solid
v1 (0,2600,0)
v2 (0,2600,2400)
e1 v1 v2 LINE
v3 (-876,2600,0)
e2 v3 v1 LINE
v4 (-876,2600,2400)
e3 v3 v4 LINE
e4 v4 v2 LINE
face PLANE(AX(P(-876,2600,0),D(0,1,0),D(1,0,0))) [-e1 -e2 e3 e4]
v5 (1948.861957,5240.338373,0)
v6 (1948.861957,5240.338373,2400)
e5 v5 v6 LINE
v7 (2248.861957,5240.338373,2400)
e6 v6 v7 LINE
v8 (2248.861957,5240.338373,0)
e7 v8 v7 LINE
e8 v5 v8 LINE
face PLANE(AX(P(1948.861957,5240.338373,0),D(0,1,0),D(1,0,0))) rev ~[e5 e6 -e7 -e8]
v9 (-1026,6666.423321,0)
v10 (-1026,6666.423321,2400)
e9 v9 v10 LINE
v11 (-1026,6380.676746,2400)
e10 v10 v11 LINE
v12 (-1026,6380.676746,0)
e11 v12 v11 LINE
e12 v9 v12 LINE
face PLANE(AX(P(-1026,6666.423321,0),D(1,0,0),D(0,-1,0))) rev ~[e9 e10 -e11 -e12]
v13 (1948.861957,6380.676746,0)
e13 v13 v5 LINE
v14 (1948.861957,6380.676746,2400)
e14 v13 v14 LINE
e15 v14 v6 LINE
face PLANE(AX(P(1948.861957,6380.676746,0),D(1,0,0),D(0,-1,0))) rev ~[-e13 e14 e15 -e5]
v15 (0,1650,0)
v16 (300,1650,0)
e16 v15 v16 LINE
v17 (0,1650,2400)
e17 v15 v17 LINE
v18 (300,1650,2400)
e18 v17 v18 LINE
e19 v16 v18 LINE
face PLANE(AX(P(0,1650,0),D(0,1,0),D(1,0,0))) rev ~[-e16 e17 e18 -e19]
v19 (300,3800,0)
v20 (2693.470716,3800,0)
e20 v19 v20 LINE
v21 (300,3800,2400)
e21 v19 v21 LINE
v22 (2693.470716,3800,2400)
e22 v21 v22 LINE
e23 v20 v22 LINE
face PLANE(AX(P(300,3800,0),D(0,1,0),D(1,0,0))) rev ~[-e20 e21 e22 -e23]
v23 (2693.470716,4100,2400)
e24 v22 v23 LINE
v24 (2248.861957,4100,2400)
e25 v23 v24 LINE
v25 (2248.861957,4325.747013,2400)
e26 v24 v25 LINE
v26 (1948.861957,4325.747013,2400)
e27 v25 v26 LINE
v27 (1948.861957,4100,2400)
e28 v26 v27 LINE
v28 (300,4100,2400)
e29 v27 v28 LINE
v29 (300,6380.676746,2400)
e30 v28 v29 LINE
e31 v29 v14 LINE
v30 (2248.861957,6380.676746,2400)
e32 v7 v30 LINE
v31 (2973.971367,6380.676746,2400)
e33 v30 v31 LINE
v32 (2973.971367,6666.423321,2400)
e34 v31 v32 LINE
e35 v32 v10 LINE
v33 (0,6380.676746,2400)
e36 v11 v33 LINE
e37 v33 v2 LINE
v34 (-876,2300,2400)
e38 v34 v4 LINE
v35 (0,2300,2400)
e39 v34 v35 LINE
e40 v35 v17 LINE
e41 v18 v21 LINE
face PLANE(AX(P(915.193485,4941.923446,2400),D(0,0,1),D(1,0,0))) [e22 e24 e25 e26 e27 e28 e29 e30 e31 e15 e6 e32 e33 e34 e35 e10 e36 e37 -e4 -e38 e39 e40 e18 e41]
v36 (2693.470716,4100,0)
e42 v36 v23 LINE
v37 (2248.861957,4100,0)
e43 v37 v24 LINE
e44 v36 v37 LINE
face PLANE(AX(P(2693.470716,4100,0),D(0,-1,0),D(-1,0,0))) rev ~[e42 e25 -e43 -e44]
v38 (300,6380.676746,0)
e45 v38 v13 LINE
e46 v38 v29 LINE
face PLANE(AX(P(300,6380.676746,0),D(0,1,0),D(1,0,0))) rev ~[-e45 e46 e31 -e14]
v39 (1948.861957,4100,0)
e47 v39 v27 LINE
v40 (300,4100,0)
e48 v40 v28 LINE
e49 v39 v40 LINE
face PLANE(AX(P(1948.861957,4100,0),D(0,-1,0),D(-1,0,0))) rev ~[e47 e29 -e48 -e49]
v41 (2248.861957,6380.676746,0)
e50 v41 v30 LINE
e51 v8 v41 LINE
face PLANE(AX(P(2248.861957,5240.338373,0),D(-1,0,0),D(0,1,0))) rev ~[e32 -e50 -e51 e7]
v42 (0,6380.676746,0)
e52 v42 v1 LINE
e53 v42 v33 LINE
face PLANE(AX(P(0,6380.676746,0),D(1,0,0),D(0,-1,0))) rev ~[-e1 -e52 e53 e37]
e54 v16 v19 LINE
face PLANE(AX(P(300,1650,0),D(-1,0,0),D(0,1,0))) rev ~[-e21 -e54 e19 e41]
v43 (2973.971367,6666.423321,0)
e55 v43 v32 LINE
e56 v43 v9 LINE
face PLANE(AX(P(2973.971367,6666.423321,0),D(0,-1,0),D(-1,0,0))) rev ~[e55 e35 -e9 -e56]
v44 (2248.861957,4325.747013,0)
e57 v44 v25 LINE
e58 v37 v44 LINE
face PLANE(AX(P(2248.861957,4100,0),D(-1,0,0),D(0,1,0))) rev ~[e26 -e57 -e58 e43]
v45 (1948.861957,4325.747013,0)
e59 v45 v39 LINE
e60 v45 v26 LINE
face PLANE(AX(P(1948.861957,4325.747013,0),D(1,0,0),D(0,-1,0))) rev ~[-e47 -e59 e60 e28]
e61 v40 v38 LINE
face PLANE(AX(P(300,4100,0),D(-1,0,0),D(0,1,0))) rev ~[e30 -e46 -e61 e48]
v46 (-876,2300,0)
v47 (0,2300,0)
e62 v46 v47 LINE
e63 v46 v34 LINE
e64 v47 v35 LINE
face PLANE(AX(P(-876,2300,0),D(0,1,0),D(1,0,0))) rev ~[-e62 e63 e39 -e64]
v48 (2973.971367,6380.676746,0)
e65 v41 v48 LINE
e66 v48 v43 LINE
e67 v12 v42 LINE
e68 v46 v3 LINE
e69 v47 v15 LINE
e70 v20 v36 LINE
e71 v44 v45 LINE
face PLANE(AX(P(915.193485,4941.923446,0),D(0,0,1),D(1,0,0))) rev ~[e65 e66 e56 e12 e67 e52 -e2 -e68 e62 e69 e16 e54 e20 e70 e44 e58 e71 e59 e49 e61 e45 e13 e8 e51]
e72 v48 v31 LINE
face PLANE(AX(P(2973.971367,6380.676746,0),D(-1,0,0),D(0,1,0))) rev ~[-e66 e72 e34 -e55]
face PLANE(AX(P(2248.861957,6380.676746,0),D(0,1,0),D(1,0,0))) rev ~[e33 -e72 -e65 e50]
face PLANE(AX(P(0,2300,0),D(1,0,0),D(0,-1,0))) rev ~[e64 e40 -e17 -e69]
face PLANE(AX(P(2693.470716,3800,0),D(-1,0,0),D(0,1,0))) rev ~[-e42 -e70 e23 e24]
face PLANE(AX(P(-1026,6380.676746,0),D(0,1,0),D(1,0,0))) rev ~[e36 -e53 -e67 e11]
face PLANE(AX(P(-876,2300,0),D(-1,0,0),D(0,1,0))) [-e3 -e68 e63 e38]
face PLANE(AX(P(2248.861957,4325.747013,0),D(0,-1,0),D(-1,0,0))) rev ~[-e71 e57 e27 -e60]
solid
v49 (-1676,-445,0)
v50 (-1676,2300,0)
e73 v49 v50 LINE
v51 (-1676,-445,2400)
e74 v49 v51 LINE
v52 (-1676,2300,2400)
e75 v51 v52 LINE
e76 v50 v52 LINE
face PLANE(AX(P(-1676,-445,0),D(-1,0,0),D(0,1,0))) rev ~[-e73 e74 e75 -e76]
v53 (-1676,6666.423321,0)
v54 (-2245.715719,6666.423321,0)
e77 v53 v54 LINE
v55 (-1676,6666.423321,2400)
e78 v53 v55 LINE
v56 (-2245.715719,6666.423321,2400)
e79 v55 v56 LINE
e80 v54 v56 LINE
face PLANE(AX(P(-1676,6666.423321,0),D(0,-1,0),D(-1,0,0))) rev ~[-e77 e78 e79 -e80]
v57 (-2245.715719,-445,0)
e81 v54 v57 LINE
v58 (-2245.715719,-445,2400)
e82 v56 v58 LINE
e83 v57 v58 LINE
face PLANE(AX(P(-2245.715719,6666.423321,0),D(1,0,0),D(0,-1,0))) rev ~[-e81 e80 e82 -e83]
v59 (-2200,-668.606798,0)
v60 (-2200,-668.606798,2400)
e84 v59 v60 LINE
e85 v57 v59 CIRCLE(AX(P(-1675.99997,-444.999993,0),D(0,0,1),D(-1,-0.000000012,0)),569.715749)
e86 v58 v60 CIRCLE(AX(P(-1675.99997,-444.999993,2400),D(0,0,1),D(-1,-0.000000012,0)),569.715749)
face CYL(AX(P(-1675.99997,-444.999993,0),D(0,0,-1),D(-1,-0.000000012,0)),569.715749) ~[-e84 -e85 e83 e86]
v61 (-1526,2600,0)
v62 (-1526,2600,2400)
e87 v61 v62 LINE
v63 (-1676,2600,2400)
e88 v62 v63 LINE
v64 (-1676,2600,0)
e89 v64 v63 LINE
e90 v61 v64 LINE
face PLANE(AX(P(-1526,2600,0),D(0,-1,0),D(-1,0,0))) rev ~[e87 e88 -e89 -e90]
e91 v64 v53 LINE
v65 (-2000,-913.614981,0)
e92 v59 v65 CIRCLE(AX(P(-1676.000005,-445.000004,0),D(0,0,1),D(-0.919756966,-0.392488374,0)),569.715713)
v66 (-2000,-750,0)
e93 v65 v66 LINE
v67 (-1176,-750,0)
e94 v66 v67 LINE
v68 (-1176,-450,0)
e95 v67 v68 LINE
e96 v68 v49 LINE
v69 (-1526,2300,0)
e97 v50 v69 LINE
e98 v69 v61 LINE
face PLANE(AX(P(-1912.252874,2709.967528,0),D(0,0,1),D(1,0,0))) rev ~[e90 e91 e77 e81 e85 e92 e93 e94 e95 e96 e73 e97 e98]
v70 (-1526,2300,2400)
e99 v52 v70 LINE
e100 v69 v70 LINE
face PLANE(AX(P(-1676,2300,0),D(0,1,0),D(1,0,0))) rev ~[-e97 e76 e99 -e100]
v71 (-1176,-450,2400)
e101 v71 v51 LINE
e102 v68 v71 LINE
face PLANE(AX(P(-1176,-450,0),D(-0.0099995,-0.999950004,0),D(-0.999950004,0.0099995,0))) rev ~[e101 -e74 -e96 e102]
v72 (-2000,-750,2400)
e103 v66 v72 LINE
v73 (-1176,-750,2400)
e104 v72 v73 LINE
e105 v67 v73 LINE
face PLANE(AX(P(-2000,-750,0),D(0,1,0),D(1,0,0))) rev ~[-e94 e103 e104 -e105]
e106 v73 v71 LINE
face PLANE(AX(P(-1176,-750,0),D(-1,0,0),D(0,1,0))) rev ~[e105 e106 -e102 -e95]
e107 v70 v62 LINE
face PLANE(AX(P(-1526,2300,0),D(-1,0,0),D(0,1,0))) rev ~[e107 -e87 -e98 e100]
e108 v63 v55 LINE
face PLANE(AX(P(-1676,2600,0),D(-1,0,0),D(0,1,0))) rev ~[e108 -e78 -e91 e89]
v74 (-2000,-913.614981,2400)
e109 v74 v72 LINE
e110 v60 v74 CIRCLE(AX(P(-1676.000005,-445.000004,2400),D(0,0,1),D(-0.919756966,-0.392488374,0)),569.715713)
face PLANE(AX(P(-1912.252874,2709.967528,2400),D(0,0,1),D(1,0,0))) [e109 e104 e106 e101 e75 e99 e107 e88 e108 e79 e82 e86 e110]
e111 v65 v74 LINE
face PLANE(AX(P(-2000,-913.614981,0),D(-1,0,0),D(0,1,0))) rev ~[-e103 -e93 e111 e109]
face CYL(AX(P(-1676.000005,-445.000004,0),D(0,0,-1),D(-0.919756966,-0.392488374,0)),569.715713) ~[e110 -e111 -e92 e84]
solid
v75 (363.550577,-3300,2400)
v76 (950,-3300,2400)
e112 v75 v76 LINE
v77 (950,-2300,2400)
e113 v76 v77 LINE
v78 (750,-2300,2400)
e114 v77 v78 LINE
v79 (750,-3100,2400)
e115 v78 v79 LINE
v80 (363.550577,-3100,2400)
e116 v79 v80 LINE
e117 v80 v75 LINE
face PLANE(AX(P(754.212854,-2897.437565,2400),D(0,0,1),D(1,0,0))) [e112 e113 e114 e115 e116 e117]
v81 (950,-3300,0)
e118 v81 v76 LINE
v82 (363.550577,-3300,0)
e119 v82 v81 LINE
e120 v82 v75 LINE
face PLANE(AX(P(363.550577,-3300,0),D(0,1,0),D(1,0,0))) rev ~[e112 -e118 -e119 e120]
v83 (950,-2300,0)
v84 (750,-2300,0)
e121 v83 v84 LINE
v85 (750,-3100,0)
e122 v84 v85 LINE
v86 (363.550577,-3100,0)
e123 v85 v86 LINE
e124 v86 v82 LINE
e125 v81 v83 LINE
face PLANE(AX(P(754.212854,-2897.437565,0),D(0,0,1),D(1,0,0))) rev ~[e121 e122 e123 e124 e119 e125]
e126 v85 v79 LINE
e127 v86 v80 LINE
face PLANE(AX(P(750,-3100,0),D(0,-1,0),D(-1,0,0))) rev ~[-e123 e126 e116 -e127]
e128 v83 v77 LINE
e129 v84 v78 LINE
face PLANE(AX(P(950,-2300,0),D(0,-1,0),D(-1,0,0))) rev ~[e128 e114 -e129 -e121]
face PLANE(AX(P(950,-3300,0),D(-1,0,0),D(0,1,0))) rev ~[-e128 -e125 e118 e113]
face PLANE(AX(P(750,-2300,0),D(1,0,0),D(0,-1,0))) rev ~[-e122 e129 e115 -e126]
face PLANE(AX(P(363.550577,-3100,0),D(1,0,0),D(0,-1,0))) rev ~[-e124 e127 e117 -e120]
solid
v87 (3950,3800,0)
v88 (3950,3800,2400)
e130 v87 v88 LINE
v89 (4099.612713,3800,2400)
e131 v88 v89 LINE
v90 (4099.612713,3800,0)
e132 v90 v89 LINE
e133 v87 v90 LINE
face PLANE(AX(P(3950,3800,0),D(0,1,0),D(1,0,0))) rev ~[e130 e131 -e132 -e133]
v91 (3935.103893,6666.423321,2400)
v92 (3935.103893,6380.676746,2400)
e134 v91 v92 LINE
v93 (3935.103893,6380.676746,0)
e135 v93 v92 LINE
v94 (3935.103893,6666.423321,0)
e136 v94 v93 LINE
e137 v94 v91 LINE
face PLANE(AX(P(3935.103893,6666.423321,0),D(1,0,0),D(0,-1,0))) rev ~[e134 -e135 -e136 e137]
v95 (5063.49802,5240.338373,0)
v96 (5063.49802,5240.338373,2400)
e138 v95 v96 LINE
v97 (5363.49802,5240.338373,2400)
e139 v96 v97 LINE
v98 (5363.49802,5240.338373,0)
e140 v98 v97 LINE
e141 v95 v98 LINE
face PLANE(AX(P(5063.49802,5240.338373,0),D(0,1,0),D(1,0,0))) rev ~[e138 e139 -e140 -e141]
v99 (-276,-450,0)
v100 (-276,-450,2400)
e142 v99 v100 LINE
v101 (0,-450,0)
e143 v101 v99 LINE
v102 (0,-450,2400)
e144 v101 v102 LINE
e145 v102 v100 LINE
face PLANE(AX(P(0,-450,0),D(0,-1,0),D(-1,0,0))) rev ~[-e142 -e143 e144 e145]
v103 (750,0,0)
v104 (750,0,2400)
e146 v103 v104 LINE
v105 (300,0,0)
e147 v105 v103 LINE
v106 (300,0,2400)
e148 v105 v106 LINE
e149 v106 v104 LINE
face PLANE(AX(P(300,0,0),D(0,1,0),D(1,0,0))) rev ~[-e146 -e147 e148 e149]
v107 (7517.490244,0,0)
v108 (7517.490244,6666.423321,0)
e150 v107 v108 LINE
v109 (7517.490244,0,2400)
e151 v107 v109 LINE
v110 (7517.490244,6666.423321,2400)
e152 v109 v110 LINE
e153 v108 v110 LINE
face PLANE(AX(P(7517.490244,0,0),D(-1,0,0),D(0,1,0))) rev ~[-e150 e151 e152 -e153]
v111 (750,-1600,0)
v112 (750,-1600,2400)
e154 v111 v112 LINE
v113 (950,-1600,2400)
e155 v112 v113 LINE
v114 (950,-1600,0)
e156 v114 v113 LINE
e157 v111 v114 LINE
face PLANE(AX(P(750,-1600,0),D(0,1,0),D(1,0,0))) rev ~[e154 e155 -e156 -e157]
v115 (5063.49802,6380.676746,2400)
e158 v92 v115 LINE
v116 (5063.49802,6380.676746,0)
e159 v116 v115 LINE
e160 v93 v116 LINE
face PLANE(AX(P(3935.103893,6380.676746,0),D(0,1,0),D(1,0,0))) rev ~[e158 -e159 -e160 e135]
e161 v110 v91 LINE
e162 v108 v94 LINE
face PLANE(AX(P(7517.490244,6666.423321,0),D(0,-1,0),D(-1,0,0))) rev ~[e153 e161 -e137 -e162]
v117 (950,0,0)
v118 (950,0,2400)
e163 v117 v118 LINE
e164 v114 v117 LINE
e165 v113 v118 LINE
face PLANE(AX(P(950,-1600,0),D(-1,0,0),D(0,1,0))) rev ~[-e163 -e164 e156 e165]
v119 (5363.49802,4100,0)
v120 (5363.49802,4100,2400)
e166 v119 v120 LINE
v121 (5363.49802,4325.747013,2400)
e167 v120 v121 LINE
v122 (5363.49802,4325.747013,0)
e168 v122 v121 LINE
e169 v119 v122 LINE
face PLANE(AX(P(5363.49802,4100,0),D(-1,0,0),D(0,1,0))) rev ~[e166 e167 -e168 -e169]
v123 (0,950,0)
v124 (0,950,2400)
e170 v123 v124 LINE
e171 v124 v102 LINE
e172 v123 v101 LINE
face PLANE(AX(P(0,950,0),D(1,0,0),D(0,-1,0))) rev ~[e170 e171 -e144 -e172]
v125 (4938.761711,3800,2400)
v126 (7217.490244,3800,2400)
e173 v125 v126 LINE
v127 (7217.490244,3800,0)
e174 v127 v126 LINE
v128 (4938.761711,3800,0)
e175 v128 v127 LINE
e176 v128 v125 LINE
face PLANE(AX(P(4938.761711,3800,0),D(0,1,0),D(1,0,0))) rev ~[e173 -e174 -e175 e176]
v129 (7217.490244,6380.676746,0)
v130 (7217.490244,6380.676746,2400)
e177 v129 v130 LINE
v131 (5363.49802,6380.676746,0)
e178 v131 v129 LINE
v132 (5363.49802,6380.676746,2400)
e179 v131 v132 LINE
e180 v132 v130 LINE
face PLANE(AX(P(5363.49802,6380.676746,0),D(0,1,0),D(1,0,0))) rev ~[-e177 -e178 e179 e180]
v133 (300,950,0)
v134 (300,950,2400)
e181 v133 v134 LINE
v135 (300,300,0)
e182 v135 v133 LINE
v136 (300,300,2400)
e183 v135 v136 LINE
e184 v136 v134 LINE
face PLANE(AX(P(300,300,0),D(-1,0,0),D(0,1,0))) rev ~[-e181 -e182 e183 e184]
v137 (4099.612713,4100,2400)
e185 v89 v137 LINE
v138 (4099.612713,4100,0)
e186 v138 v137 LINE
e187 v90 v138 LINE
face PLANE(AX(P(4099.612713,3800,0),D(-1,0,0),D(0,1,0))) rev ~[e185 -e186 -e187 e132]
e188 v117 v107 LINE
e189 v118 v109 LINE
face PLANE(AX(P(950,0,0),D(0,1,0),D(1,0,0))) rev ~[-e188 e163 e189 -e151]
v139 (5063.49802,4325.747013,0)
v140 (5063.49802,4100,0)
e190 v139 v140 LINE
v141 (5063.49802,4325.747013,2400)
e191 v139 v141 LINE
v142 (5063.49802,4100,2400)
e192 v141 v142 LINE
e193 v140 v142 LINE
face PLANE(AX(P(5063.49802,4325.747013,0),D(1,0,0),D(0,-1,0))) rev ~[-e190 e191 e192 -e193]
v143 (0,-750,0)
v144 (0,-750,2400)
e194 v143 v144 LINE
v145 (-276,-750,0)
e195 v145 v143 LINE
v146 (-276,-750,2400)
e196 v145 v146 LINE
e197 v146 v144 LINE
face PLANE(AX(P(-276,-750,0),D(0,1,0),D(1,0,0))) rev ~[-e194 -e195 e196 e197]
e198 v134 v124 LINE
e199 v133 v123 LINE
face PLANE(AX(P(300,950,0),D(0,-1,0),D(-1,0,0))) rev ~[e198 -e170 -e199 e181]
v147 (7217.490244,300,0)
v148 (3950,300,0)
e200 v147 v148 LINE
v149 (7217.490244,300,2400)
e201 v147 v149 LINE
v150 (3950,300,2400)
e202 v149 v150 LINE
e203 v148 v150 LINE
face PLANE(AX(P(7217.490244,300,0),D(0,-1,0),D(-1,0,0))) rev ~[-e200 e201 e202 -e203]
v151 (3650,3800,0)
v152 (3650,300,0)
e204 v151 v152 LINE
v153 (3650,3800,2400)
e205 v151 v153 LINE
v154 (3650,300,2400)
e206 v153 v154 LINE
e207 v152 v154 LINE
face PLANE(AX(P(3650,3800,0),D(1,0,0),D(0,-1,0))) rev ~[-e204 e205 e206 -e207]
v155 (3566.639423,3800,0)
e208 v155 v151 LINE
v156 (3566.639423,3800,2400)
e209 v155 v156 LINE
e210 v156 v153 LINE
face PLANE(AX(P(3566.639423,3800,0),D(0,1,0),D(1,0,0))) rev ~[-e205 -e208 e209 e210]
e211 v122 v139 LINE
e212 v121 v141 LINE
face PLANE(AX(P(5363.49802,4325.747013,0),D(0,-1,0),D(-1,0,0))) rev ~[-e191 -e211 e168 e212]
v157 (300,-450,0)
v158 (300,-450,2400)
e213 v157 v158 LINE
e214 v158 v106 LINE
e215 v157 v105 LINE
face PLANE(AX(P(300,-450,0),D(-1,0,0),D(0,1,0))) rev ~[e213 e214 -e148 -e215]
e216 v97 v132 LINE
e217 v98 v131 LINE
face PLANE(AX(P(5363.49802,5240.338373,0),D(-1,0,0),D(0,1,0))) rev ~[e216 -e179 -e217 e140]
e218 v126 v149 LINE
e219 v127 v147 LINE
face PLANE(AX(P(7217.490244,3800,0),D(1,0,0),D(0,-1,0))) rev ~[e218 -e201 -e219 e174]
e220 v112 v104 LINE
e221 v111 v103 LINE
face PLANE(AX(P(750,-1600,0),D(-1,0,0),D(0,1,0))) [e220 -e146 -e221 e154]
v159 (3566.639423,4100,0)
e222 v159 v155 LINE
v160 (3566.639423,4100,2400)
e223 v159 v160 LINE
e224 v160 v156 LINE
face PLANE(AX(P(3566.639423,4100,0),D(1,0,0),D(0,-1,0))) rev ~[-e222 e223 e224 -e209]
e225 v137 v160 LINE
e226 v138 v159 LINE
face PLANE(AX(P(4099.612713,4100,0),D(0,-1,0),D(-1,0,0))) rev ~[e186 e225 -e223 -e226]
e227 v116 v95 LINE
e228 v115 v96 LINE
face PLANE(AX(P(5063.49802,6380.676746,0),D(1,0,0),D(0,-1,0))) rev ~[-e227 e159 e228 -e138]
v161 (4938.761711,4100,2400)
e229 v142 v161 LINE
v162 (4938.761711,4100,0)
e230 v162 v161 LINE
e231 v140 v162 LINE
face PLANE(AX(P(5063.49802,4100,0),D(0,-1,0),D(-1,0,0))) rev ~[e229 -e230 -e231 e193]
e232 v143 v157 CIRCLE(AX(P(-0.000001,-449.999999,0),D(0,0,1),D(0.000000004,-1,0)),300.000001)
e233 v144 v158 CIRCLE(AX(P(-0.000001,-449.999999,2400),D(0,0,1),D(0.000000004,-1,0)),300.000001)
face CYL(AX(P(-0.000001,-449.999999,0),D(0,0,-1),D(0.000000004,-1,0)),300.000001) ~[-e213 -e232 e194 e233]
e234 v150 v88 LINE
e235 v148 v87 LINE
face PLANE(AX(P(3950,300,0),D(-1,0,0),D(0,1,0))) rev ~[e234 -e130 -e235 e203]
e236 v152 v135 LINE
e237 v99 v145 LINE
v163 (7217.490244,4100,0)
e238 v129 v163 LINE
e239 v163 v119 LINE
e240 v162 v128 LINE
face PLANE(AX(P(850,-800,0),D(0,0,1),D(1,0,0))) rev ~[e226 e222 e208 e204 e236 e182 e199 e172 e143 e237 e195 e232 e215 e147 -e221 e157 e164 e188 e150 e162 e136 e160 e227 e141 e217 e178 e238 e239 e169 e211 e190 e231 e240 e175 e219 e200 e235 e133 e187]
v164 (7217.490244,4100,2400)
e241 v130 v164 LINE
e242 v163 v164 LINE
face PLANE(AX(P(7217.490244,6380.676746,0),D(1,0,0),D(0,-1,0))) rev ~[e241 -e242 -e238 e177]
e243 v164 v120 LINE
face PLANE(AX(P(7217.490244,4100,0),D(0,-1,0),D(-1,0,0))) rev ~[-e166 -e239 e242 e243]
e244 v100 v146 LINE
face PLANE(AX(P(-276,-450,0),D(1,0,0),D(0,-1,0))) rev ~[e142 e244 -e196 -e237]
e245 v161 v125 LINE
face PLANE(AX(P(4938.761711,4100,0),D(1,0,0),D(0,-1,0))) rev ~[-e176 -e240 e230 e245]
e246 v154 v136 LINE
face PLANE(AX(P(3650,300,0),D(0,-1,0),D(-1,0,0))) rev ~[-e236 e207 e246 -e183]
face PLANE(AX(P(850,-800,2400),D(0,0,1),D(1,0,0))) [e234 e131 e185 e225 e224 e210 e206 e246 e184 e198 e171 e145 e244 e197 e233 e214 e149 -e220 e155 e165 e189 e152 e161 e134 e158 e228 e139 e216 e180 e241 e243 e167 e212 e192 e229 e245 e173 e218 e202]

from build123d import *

# Parameters (mm, degrees)
F0_W     = 200
F0_H     = 1600
F0_W_2   = 876
F0_H_2   = 300
F1_DEPTH = 2400


with BuildPart() as f1:
    # F0 (on Top) → F1 (new body)
    with BuildSketch(Plane.XY):
        with BuildLine():
            Line((-1176, -750), (-1176, -450))
            Line((-1176, -450), (-1676, -445))
            Line((-1676, -445), (-1676, 2300))
            Line((-1676, 2300), (-1526, 2300))
            Line((-1526, 2300), (-1526, 2600))
            Line((-1526, 2600), (-1676, 2600))
            Line((-1676, 2600), (-1676, 3995.43786))
            Line((-1676, 3995.43786), (-1676, 6380.676746))
            Line((-1676, 6380.676746), (-1676, 6666.423321))
            Line((-1676, 6666.423321), (-2245.715719, 6666.423321))
            Line((-2245.715719, 6666.423321), (-2245.715719, -445))
            ThreePointArc((-2245.715719, -445), (-2234.169793, -559.116089), (-2200, -668.606798))
            ThreePointArc((-2200, -668.606798), (-2117.342557, -805.267606), (-2000, -913.614981))
            Line((-2000, -913.614981), (-2000, -750))
            Line((-2000, -750), (-1176, -750))
        make_face()
        Polygon((950, -2300), (750, -2300), (750, -2850), (750, -3100), (363.550577, -3100), (363.550577, -3300), (950, -3300), (950, -3100), align=None)
        with Locations((850, -800)):
            Rectangle(F0_W, F0_H)
        Polygon((0, 950), (0, 0), (300, 0), (750, 0), (950, 0), (4232.432579, 0), (7317.490244, 0), (7517.490244, 0), (7517.490244, 6666.423321), (3935.103893, 6666.423321), (3935.103893, 6380.676746), (5063.49802, 6380.676746), (5063.49802, 5240.338373), (5363.49802, 5240.338373), (5363.49802, 6380.676746), (7217.490244, 6380.676746), (7217.490244, 4100), (5363.49802, 4100), (5363.49802, 4325.747013), (5063.49802, 4325.747013), (5063.49802, 4100), (4938.761711, 4100), (4938.761711, 3800), (7217.490244, 3800), (7217.490244, 300), (3950, 300), (3950, 3800), (4099.612713, 3800), (4099.612713, 4100), (3566.639423, 4100), (3566.639423, 3800), (3650, 3800), (3650, 300), (300, 300), (300, 950), align=None)
        Polygon((0, 2300), (0, 1650), (300, 1650), (300, 2667.567852), (300, 3800), (2693.470716, 3800), (2693.470716, 4100), (2248.861957, 4100), (2248.861957, 4325.747013), (1948.861957, 4325.747013), (1948.861957, 4100), (300, 4100), (300, 6380.676746), (1948.861957, 6380.676746), (1948.861957, 5240.338373), (2248.861957, 5240.338373), (2248.861957, 6380.676746), (2973.971367, 6380.676746), (2973.971367, 6666.423321), (0, 6666.423321), (-1026, 6666.423321), (-1026, 6380.676746), (0, 6380.676746), (0, 6030.036926), (0, 4100), (0, 2683.783711), (0, 2600), align=None)
        with Locations((-438, 2450)):
            Rectangle(F0_W_2, F0_H_2)
        with BuildLine():
            Line((300, 0), (0, 0))
            Line((0, 0), (0, -450))
            Line((0, -450), (-276, -450))
            Line((-276, -450), (-276, -750))
            Line((-276, -750), (0, -750))
            ThreePointArc((0, -750), (212.132034, -662.132034), (300, -450))
            Line((300, -450), (300, 0))
        make_face()
    extrude(amount=F1_DEPTH)


solid = f1.part
